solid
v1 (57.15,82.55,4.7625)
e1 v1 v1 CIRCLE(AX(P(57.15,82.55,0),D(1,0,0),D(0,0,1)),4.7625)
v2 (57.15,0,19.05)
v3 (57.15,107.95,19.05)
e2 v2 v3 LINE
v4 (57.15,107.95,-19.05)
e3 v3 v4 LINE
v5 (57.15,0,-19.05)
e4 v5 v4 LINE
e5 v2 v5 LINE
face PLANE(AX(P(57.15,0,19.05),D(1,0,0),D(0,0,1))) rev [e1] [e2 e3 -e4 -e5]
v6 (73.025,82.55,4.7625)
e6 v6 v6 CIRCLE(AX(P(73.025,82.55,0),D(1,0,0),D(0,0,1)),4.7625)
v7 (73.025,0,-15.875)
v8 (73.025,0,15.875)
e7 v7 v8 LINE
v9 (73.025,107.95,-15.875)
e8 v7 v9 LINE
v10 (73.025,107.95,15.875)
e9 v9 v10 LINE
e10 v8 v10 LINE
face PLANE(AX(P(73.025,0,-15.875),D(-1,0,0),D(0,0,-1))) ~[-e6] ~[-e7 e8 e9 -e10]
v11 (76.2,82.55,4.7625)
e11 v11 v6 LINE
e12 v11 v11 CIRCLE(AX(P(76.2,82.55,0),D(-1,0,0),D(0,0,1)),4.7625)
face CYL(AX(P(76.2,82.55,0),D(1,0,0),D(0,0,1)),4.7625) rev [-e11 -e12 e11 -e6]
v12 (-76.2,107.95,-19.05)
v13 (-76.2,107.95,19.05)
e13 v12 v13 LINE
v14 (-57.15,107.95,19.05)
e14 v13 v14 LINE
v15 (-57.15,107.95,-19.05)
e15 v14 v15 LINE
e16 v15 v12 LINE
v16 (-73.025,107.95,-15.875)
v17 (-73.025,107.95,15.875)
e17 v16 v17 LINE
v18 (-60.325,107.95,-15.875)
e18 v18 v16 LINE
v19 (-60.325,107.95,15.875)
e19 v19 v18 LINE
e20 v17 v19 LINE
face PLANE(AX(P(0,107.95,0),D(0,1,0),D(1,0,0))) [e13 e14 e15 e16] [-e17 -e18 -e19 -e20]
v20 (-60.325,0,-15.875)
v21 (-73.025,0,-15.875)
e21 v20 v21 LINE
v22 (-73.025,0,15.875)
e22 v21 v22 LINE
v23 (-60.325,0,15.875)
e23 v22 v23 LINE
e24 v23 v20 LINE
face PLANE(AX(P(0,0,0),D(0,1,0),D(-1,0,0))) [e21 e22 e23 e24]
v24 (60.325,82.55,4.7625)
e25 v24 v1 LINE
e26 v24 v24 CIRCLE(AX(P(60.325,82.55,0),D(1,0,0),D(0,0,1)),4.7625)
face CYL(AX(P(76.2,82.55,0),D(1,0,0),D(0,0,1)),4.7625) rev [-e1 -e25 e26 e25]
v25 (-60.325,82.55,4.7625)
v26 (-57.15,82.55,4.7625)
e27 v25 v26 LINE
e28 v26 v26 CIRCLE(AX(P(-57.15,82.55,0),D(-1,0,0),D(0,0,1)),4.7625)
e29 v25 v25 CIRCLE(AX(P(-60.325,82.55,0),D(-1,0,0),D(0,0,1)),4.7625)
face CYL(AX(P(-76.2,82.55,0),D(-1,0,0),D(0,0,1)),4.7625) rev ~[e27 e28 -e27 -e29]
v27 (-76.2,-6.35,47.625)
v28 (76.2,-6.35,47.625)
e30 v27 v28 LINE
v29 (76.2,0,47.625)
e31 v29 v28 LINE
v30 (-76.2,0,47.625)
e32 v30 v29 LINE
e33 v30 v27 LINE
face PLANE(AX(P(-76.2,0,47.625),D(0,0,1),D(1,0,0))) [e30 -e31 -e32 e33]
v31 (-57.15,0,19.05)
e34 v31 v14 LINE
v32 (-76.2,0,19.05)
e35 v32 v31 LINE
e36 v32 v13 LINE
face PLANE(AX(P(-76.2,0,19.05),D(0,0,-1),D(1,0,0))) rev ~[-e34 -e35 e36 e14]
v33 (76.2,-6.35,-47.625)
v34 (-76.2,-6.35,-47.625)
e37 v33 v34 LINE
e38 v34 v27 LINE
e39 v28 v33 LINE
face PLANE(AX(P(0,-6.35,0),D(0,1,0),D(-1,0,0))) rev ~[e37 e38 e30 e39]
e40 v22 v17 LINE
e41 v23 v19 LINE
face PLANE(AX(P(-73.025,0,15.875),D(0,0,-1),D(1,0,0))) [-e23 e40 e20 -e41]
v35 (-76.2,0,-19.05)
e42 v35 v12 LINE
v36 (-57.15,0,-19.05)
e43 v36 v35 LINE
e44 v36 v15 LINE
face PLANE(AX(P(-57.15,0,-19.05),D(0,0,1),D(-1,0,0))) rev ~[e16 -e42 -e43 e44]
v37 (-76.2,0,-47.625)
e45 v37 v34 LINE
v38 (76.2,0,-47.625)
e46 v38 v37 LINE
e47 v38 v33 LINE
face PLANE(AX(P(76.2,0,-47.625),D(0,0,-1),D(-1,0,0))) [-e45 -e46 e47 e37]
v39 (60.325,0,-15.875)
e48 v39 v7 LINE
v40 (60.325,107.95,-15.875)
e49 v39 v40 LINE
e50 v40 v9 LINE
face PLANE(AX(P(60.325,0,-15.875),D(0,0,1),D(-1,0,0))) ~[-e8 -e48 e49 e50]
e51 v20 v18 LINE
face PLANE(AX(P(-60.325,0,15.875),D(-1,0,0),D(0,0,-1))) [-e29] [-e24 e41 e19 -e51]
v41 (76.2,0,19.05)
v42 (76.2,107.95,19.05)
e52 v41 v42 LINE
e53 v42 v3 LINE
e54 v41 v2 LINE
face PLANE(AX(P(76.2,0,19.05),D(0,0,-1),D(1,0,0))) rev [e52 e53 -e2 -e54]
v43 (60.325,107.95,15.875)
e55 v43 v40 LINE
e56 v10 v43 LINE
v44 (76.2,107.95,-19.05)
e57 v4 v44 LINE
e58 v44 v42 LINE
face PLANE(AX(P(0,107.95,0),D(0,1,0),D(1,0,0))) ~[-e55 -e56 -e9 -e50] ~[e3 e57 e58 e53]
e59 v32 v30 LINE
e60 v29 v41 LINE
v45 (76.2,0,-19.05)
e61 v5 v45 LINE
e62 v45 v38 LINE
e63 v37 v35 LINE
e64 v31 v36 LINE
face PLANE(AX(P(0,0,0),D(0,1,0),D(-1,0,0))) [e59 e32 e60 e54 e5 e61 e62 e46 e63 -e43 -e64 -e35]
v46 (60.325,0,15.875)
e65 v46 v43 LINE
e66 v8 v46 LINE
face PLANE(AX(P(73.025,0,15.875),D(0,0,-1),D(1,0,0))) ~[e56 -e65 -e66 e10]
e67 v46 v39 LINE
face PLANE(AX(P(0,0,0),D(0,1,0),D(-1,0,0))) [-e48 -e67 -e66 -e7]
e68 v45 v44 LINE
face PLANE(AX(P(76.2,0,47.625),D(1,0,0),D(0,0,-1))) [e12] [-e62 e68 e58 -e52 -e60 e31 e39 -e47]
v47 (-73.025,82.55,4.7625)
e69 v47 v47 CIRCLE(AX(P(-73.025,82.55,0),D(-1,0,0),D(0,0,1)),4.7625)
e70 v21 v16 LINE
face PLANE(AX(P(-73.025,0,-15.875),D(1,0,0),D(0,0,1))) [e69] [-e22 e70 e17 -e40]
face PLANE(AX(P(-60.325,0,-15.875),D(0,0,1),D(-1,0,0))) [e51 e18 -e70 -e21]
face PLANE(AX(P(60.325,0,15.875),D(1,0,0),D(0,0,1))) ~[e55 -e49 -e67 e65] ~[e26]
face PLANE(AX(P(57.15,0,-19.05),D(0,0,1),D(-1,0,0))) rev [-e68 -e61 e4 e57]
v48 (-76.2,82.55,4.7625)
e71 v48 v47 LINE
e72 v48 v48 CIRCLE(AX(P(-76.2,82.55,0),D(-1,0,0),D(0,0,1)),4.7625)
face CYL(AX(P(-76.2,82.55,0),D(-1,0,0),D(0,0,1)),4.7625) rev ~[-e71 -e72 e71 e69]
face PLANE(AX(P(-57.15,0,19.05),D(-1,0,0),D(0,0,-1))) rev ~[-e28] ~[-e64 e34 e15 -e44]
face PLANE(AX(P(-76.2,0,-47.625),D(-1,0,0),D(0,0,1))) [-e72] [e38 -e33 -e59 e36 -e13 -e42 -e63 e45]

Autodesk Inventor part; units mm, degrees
ref_plane "XZ Plane" through (0, 0, 0) normal (0, 1, 0) x (-1, 0, 0)
ref_plane "XY Plane" through (0, 0, 0) normal (0, 0, 1) x (1, 0, 0)
sketch "Sketch1" plane through (0, 0, 0) normal (0, 1, 0) x (-1, 0, 0)
  line L0 (76.2, 47.625) -> (-76.2, 47.625)
  line L1 (-76.2, 47.625) -> (-76.2, -47.625)
  line L2 (-76.2, -47.625) -> (76.2, -47.625)
  line L3 (76.2, -47.625) -> (76.2, 47.625)
  line L4 (76.2, 47.625) -> (-76.2, -47.625) construction
  line L5 (-76.2, 47.625) -> (76.2, -47.625) construction
  point P0 (0, 0)
  dimension "d0" = 152.4
  dimension "d1" = 95.25
extrude "Extrusion1" add sketch "Sketch1" against normal blind 6.35
sketch "Sketch4" plane through (0, 0, 0) normal (0, 1, 0) x (1, 0, 0)
  line L0 (-76.2, -19.05) -> (-57.15, -19.05)
  line L1 (-57.15, -19.05) -> (-57.15, 19.05)
  line L2 (-57.15, 19.05) -> (-76.2, 19.05)
  line L3 (-76.2, 19.05) -> (-76.2, -19.05)
  line L4 (-76.2, -19.05) -> (-57.15, 19.05) construction
  line L5 (-57.15, -19.05) -> (-76.2, 19.05) construction
  line L6 (-76.2, 47.625) -> (-76.2, -47.625) projected
  line L7 (-73.025, -15.875) -> (-60.325, -15.875)
  line L8 (-60.325, -15.875) -> (-60.325, 15.875)
  line L9 (-60.325, 15.875) -> (-73.025, 15.875)
  line L10 (-73.025, 15.875) -> (-73.025, -15.875)
  line L11 (-73.025, -15.875) -> (-60.325, 15.875) construction
  line L12 (-60.325, -15.875) -> (-73.025, 15.875) construction
  point P0 (0, 0)
  point P1 (-66.675, 0)
  dimension "d8" = 0
  dimension "d9" = 38.1
  dimension "d10" = 19.05
  dimension "d11" = 3.175
  dimension "d12" = 3.175
extrude "Extrusion2" add sketch "Sketch4" along normal blind 107.95
sketch "Sketch5" plane through (-76.2, -6.35, -47.625) normal (-1, 0, 0) x (0, 0, 1)
  circle A0 centre (47.625, 88.9) radius 4.7625
  line L0 (28.575, 114.3) -> (66.675, 114.3) projected
  line L1 (47.625, 6.35) -> (47.625, 114.3) construction
  dimension "d15" = 9.525
  dimension "d16" = 25.4
  dimension "d19" = 0
extrude "Extrusion3" cut sketch "Sketch5" against normal through all
mirror "Mirror1" about plane through (0, 0, 0) normal (1, 0, 0) of "Extrusion2", "Extrusion3"
equation "\"d0\" = baseWidth"
equation "\"d1\" = baseLength"
equation "\"d2\" = baseThickness"
equation "\"d9\" = postLength"
equation "\"d10\" = postWidth"
equation "\"d11\" = postWallThickness"
equation "\"d12\" = postWallThickness"
equation "\"d13\" = postHeight"
equation "\"d15\" = postAxelDiam"
equation "\"d16\" = heightFromTopToAxelCenter"
equation "\"d17\" = postHeight"
equation "\"baseWidth\" = 152.4"
equation "\"baseLength\" = 95.25"
equation "\"baseThickness\" = 6.35"
equation "\"postWidth\" = 19.05"
equation "\"postLength\" = 38.1"
equation "\"postWallThickness\" = 3.175"
equation "\"postAxelDiam\" = 9.525"
equation "\"heightFromTopToAxelCenter\" = 25.4"
equation "\"diamOfSproketPlusChain\" = 152.4"
equation "\"radiusOfSprocket\" = 0.5 * diamOfSproketPlusChain"
equation "\"heightOfAxelAboveBasePlate\" = radiusOfSprocket + gapBetweenChainAndBasePlate"
equation "\"gapBetweenChainAndBasePlate\" = 6.35"
equation "\"heightAboveRobotPlate\" = 50.8"
equation "\"postHeight\" = 107.95"
properties part number "MiddlePostsForTwoSprockets"
